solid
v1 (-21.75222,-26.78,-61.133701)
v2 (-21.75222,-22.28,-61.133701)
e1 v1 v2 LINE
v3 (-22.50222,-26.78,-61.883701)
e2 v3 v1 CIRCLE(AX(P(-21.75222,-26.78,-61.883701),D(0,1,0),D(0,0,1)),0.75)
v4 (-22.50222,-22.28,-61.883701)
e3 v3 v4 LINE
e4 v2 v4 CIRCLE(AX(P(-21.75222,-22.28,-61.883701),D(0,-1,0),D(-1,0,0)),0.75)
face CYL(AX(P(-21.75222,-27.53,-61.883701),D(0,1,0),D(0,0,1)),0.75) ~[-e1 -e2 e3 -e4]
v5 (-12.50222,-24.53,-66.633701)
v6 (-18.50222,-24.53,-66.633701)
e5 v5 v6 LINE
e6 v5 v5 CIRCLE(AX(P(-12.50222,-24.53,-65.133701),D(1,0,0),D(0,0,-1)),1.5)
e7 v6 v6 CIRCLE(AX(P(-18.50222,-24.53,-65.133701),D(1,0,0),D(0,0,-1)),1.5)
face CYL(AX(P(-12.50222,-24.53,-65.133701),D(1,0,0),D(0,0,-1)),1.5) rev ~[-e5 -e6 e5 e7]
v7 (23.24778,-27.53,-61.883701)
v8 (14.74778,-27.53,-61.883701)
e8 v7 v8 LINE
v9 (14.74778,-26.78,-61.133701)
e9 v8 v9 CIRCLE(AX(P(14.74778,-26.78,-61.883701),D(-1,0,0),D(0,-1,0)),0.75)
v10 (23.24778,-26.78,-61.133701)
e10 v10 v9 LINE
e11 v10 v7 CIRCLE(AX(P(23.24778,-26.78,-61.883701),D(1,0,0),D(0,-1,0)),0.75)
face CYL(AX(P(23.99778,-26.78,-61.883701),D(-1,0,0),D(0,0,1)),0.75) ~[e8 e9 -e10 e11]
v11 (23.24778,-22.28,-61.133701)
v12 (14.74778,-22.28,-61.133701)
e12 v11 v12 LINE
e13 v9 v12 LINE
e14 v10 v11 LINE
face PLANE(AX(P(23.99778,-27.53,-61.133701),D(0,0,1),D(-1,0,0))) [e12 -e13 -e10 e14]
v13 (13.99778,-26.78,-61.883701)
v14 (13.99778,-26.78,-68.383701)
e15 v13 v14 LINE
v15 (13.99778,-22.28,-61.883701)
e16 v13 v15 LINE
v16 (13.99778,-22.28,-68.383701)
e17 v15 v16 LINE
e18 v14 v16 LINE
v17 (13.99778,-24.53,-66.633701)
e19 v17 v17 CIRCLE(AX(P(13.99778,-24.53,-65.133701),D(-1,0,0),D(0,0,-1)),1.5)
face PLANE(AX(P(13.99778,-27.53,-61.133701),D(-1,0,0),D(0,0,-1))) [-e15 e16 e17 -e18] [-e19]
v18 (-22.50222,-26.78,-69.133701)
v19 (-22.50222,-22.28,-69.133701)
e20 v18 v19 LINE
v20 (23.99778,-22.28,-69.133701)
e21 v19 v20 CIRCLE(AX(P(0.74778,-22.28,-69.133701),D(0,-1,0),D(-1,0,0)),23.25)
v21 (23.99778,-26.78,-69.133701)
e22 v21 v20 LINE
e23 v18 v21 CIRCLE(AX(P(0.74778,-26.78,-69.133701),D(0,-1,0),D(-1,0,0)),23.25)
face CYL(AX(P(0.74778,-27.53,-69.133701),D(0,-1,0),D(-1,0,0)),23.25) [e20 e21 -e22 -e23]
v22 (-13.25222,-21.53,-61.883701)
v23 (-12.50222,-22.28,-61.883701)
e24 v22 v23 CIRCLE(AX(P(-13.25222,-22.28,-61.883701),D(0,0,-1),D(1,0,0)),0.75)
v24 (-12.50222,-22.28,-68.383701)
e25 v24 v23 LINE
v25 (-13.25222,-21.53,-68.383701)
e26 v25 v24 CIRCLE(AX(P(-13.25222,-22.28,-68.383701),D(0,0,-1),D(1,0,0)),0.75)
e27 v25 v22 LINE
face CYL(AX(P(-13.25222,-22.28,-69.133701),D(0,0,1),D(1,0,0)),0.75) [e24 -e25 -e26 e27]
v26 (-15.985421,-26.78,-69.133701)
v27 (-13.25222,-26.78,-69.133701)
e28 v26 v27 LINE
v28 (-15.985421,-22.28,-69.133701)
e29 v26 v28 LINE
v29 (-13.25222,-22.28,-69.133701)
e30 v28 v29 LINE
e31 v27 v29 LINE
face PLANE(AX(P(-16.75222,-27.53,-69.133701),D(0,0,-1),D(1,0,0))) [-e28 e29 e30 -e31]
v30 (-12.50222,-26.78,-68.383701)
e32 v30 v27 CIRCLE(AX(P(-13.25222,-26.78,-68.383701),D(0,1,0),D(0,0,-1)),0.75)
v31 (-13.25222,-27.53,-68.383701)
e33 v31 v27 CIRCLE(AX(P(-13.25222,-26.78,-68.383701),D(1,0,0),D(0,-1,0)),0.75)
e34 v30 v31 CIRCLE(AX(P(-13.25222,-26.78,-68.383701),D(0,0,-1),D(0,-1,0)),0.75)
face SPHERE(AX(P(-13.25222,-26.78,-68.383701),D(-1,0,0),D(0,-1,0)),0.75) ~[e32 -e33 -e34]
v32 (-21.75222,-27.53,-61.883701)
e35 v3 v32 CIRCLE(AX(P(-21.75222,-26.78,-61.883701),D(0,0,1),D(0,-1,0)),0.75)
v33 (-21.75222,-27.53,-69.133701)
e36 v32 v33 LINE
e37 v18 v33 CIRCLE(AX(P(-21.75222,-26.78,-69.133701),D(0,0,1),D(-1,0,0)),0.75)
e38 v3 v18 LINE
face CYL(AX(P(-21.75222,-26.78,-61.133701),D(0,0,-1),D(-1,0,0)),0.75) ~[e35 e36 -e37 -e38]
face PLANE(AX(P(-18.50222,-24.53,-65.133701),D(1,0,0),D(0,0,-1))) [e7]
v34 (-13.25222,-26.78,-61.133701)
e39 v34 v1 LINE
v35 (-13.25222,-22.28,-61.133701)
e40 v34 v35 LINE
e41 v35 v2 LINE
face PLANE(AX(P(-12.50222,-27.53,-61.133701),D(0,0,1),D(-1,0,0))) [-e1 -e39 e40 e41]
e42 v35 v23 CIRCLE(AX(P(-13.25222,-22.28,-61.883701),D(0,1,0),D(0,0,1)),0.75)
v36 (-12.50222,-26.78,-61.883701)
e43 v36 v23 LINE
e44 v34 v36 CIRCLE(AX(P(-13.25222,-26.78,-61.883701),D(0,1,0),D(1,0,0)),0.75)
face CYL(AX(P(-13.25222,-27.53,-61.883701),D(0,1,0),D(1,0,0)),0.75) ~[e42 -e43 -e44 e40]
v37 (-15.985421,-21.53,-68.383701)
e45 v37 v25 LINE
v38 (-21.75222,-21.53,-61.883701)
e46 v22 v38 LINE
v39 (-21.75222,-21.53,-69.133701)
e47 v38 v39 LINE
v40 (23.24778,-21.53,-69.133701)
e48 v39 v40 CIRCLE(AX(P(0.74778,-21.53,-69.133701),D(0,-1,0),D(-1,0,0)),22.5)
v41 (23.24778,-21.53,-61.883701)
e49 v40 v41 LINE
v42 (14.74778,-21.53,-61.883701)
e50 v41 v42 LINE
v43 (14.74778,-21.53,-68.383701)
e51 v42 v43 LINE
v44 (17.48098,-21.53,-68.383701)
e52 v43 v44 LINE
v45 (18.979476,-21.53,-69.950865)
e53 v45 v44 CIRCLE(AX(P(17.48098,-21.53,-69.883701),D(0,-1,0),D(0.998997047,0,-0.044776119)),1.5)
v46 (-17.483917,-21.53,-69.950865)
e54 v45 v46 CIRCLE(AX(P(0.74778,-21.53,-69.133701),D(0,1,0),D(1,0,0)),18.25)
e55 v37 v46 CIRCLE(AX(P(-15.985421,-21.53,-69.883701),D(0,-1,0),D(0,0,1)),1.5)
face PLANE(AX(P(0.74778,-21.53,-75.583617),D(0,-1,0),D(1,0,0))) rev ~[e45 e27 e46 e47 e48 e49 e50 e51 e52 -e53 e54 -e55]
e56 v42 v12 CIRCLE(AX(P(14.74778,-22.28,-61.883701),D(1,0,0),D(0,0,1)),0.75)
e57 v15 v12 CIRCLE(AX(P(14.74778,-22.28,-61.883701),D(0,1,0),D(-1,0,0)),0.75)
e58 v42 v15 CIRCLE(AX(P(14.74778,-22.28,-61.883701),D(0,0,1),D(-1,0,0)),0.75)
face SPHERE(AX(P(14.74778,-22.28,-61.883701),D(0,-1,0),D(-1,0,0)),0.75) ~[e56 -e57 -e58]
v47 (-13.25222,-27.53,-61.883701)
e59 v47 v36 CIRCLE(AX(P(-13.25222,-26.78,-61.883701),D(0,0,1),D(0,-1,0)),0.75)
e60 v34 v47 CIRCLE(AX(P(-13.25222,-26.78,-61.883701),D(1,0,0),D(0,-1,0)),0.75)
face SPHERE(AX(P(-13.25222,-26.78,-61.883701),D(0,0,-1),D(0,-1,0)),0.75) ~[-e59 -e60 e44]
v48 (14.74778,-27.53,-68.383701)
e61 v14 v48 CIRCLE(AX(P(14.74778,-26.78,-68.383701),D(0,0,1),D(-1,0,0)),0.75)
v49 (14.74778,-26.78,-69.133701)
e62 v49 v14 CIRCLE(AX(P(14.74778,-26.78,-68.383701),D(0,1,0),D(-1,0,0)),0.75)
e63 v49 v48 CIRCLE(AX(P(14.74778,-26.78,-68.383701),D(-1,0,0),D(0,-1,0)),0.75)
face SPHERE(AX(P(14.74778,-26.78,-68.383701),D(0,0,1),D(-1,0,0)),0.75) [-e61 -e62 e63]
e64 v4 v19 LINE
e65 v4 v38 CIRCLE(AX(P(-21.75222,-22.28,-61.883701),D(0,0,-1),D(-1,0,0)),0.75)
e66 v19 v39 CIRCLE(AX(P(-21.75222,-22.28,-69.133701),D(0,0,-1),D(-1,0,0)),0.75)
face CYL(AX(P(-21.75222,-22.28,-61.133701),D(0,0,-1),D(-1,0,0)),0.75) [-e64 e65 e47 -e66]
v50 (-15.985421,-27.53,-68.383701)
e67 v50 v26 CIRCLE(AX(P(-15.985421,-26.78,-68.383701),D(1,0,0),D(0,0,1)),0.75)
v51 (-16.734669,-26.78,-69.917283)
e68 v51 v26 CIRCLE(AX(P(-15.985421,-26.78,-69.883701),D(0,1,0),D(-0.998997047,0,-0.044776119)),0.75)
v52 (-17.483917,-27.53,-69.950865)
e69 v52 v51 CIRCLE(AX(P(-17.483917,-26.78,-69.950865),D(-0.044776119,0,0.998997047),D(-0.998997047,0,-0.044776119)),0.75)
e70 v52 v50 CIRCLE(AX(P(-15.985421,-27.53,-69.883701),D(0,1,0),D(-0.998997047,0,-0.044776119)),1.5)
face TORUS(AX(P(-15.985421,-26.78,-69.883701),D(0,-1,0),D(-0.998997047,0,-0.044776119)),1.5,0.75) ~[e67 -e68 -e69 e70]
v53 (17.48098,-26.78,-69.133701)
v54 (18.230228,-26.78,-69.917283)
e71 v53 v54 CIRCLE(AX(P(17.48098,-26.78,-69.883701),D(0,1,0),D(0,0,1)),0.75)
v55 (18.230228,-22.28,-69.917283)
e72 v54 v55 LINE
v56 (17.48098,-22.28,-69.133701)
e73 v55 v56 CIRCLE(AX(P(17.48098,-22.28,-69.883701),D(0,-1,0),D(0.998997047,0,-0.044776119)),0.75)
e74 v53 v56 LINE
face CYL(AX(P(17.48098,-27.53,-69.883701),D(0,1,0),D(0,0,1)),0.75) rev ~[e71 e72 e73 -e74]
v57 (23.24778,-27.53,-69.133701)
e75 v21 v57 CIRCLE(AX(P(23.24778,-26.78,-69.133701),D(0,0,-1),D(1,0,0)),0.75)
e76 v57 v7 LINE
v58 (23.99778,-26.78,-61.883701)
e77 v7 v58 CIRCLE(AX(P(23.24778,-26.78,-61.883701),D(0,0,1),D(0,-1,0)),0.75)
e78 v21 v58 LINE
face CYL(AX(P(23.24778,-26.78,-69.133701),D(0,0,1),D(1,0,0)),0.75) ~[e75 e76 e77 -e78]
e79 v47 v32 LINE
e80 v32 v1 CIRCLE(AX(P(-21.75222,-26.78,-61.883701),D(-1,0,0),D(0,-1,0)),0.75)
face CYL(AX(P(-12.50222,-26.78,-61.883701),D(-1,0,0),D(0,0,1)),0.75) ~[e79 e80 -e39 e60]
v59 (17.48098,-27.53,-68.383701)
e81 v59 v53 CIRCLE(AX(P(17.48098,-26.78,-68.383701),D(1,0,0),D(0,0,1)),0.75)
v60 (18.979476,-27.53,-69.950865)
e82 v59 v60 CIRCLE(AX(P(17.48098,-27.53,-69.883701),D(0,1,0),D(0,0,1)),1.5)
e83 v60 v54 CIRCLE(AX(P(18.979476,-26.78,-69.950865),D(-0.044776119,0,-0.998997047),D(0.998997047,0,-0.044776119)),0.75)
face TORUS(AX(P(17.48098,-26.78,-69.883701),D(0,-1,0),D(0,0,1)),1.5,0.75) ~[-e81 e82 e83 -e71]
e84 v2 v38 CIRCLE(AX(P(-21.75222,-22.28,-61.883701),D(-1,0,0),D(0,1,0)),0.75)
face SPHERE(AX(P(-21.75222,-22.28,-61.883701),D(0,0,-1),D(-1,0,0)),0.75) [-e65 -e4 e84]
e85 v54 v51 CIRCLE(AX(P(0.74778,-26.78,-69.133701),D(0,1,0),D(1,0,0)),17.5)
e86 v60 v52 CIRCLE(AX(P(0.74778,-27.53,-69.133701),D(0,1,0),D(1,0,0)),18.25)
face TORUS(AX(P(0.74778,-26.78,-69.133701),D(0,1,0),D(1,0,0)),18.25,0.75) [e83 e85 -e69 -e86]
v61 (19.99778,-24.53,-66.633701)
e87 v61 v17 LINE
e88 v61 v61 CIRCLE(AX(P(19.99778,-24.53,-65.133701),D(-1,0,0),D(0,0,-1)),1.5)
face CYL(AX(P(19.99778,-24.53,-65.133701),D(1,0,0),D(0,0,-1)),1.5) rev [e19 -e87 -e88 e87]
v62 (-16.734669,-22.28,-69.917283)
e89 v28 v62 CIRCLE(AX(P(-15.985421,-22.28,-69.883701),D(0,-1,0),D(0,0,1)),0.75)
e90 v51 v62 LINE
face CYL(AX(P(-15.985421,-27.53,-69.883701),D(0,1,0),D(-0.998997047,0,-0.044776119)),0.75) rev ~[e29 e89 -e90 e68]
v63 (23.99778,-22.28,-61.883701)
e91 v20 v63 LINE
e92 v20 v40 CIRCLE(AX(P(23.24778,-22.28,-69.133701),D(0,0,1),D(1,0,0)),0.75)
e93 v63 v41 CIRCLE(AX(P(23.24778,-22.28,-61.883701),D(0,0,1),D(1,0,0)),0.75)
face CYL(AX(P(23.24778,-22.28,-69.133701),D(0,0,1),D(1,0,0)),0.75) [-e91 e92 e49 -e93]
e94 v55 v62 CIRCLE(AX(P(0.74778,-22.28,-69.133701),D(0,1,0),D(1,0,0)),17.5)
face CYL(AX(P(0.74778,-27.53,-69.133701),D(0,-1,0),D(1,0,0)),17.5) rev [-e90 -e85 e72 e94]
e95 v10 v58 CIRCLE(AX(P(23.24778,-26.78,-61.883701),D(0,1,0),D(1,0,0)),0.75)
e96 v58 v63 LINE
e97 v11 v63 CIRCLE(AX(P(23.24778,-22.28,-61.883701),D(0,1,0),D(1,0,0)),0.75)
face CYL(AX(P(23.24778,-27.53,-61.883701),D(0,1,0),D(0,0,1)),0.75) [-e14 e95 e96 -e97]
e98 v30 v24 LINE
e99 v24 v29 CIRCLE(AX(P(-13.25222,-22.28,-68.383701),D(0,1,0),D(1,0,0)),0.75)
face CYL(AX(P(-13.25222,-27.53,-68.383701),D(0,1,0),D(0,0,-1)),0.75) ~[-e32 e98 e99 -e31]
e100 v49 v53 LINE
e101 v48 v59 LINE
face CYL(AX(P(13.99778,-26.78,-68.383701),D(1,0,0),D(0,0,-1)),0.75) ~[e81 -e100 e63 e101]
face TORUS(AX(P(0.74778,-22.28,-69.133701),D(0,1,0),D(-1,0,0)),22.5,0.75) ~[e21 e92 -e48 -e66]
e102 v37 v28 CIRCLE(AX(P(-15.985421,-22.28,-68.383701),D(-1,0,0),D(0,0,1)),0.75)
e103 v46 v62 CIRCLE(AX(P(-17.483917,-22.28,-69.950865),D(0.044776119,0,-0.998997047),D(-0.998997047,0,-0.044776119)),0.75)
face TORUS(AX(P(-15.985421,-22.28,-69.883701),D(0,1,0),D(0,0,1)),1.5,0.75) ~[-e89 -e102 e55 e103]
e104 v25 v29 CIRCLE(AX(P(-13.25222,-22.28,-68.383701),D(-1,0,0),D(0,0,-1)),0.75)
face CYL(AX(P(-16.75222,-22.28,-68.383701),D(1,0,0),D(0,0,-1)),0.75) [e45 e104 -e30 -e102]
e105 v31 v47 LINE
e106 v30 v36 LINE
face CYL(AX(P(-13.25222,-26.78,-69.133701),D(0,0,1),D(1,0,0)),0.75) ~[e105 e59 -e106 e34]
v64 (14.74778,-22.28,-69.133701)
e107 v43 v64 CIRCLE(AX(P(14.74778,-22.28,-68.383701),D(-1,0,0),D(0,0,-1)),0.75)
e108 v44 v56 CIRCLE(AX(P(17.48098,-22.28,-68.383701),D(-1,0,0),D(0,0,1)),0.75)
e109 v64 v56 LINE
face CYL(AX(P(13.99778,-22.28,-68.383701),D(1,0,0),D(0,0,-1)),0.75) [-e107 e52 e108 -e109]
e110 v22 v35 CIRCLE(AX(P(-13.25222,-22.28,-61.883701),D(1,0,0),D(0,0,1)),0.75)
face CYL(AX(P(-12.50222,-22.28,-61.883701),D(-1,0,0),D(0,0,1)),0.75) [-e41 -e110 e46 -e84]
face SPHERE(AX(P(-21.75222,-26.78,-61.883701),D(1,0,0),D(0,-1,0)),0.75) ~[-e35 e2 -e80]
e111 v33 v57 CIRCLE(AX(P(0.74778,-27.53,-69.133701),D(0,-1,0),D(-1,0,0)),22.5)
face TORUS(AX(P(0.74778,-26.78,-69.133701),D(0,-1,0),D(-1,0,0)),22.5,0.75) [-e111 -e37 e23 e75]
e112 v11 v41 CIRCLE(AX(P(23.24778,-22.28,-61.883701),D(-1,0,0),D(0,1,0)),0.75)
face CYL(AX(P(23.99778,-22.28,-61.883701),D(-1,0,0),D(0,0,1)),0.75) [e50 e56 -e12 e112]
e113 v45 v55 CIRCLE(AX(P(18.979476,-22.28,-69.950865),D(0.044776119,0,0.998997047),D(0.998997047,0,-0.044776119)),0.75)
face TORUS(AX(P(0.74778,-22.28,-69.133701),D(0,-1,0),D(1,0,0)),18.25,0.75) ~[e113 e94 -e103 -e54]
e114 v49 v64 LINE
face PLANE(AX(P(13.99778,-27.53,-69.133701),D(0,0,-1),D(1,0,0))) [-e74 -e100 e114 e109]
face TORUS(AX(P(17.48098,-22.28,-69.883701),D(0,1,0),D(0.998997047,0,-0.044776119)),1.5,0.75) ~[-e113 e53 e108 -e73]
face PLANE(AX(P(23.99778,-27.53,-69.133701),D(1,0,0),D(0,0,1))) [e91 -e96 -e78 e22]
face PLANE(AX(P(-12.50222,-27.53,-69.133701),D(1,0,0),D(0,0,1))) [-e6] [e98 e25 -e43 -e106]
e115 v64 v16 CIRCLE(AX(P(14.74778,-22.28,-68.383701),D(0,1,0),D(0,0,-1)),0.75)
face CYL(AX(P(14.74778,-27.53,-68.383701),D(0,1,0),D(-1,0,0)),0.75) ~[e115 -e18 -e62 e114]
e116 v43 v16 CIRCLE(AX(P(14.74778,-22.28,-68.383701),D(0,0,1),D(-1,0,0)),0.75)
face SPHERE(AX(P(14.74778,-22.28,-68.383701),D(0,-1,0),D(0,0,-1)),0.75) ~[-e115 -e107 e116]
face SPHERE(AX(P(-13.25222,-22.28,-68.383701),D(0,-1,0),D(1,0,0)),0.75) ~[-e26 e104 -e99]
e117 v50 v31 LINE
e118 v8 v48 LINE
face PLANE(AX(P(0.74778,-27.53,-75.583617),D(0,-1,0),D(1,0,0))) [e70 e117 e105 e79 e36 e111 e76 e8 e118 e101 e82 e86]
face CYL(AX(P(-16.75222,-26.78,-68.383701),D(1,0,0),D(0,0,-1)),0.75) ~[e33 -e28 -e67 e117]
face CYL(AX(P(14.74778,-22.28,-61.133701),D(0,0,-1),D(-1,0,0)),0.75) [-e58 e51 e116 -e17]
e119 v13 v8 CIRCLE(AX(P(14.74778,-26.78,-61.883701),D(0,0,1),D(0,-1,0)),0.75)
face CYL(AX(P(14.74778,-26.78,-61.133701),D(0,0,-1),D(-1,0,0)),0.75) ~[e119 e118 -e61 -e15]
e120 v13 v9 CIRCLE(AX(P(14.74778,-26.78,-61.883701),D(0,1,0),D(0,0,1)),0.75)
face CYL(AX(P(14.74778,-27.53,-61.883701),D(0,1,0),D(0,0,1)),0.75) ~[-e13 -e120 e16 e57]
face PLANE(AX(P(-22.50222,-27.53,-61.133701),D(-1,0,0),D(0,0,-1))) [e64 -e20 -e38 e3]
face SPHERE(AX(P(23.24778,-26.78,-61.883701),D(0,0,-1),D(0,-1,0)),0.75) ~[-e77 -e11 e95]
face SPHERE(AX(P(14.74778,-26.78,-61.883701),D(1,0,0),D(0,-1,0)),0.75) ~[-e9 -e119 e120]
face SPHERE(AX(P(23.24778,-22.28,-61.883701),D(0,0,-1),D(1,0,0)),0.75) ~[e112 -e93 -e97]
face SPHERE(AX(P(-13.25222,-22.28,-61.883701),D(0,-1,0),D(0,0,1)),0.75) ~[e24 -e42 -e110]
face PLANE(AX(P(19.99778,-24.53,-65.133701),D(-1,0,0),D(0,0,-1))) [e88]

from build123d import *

# Parameters (mm, degrees)
BOSS_EXTRU_1_DEPTH      = 6
CONG_1_R                = 0.75
ESQUISSE2_R             = 1.5
ENL_V_MAT_EXTRU_1_DEPTH = 6
ENL_V_START             = -6
ESQUISSE3_R             = 1.5
ENL_V_MAT_EXTRU_2_DEPTH = 6


with BuildPart() as part:
    # Esquisse1 → Boss.-Extru.1 (new body)
    with BuildSketch(Plane(origin=(0, -27.53, 0), x_dir=(-1, 0, 0), z_dir=(0, 1, 0))):
        with BuildLine():
            Line((-23.997779507, -61.133700741), (-13.997779507, -61.133700741))
            Line((-13.997779507, -61.133700741), (-13.997779507, -69.133700741))
            Line((-13.997779507, -69.133700741), (-18.247779507, -69.133700741))
            ThreePointArc((-18.247779507, -69.133700741), (-0.747779507, -86.633700741), (16.752220493, -69.133700741))
            Line((16.752220493, -69.133700741), (12.502220493, -69.133700741))
            Line((12.502220493, -69.133700741), (12.502220493, -61.133700741))
            Line((12.502220493, -61.133700741), (22.502220493, -61.133700741))
            Line((22.502220493, -61.133700741), (22.502220493, -69.133700741))
            ThreePointArc((22.502220493, -69.133700741), (-0.747779507, -92.383700741), (-23.997779507, -69.133700741))
            Line((-23.997779507, -69.133700741), (-23.997779507, -61.133700741))
        make_face()
    extrude(amount=BOSS_EXTRU_1_DEPTH)

    # Congé1
    cong_1_edges = [part.edges().sort_by_distance(p)[0] for p in [
        (23.997779507, -21.53, -65.133700741),
        (-14.627220493, -27.53, -69.133700741),
        (-12.502220493, -27.53, -65.133700741),
        (-17.502220493, -27.53, -61.133700741),
        (-22.502220493, -27.53, -65.133700741),
        (0.747779507, -27.53, -92.383700741),
        (23.997779507, -27.53, -65.133700741),
        (18.997779507, -27.53, -61.133700741),
        (13.997779507, -27.53, -65.133700741),
        (0.747779507, -21.53, -92.383700741),
        (-22.502220493, -21.53, -65.133700741),
        (13.997779507, -24.53, -69.133700741),
        (18.247779507, -24.53, -69.133700741),
        (-16.752220493, -24.53, -69.133700741),
        (-12.502220493, -24.53, -69.133700741),
        (-12.502220493, -24.53, -61.133700741),
        (-22.502220493, -24.53, -61.133700741),
        (23.997779507, -24.53, -61.133700741),
        (13.997779507, -24.53, -61.133700741),
        (-17.502220493, -21.53, -61.133700741),
        (-12.502220493, -21.53, -65.133700741),
        (-14.627220493, -21.53, -69.133700741),
        (0.747779507, -21.53, -86.633700741),
        (16.122779507, -21.53, -69.133700741),
        (13.997779507, -21.53, -65.133700741),
        (18.997779507, -21.53, -61.133700741),
        (16.122779507, -27.53, -69.133700741),
        (0.747779507, -27.53, -86.633700741),
    ]]
    fillet(cong_1_edges, radius=CONG_1_R)

    # Esquisse2 → Enlèv. mat.-Extru.1 (cut)
    with BuildSketch(Plane(origin=(-12.502220493, 0, 0), x_dir=(0, 0, -1), z_dir=(1, 0, 0))):
        with Locations((65.133700741, -24.53)):
            Circle(ESQUISSE2_R)
    extrude(amount=-ENL_V_MAT_EXTRU_1_DEPTH, mode=Mode.SUBTRACT)

    # Esquisse3 → Enlèv. mat.-Extru.2 (cut)
    with BuildSketch(Plane.ZY.offset(-13.997779507).offset(ENL_V_START)):
        with Locations(Location((-65.133700741, -24.53, 0), (0, 0, 180))):
            Circle(ESQUISSE3_R)
    extrude(amount=ENL_V_MAT_EXTRU_2_DEPTH, mode=Mode.SUBTRACT)


solid = part.part
